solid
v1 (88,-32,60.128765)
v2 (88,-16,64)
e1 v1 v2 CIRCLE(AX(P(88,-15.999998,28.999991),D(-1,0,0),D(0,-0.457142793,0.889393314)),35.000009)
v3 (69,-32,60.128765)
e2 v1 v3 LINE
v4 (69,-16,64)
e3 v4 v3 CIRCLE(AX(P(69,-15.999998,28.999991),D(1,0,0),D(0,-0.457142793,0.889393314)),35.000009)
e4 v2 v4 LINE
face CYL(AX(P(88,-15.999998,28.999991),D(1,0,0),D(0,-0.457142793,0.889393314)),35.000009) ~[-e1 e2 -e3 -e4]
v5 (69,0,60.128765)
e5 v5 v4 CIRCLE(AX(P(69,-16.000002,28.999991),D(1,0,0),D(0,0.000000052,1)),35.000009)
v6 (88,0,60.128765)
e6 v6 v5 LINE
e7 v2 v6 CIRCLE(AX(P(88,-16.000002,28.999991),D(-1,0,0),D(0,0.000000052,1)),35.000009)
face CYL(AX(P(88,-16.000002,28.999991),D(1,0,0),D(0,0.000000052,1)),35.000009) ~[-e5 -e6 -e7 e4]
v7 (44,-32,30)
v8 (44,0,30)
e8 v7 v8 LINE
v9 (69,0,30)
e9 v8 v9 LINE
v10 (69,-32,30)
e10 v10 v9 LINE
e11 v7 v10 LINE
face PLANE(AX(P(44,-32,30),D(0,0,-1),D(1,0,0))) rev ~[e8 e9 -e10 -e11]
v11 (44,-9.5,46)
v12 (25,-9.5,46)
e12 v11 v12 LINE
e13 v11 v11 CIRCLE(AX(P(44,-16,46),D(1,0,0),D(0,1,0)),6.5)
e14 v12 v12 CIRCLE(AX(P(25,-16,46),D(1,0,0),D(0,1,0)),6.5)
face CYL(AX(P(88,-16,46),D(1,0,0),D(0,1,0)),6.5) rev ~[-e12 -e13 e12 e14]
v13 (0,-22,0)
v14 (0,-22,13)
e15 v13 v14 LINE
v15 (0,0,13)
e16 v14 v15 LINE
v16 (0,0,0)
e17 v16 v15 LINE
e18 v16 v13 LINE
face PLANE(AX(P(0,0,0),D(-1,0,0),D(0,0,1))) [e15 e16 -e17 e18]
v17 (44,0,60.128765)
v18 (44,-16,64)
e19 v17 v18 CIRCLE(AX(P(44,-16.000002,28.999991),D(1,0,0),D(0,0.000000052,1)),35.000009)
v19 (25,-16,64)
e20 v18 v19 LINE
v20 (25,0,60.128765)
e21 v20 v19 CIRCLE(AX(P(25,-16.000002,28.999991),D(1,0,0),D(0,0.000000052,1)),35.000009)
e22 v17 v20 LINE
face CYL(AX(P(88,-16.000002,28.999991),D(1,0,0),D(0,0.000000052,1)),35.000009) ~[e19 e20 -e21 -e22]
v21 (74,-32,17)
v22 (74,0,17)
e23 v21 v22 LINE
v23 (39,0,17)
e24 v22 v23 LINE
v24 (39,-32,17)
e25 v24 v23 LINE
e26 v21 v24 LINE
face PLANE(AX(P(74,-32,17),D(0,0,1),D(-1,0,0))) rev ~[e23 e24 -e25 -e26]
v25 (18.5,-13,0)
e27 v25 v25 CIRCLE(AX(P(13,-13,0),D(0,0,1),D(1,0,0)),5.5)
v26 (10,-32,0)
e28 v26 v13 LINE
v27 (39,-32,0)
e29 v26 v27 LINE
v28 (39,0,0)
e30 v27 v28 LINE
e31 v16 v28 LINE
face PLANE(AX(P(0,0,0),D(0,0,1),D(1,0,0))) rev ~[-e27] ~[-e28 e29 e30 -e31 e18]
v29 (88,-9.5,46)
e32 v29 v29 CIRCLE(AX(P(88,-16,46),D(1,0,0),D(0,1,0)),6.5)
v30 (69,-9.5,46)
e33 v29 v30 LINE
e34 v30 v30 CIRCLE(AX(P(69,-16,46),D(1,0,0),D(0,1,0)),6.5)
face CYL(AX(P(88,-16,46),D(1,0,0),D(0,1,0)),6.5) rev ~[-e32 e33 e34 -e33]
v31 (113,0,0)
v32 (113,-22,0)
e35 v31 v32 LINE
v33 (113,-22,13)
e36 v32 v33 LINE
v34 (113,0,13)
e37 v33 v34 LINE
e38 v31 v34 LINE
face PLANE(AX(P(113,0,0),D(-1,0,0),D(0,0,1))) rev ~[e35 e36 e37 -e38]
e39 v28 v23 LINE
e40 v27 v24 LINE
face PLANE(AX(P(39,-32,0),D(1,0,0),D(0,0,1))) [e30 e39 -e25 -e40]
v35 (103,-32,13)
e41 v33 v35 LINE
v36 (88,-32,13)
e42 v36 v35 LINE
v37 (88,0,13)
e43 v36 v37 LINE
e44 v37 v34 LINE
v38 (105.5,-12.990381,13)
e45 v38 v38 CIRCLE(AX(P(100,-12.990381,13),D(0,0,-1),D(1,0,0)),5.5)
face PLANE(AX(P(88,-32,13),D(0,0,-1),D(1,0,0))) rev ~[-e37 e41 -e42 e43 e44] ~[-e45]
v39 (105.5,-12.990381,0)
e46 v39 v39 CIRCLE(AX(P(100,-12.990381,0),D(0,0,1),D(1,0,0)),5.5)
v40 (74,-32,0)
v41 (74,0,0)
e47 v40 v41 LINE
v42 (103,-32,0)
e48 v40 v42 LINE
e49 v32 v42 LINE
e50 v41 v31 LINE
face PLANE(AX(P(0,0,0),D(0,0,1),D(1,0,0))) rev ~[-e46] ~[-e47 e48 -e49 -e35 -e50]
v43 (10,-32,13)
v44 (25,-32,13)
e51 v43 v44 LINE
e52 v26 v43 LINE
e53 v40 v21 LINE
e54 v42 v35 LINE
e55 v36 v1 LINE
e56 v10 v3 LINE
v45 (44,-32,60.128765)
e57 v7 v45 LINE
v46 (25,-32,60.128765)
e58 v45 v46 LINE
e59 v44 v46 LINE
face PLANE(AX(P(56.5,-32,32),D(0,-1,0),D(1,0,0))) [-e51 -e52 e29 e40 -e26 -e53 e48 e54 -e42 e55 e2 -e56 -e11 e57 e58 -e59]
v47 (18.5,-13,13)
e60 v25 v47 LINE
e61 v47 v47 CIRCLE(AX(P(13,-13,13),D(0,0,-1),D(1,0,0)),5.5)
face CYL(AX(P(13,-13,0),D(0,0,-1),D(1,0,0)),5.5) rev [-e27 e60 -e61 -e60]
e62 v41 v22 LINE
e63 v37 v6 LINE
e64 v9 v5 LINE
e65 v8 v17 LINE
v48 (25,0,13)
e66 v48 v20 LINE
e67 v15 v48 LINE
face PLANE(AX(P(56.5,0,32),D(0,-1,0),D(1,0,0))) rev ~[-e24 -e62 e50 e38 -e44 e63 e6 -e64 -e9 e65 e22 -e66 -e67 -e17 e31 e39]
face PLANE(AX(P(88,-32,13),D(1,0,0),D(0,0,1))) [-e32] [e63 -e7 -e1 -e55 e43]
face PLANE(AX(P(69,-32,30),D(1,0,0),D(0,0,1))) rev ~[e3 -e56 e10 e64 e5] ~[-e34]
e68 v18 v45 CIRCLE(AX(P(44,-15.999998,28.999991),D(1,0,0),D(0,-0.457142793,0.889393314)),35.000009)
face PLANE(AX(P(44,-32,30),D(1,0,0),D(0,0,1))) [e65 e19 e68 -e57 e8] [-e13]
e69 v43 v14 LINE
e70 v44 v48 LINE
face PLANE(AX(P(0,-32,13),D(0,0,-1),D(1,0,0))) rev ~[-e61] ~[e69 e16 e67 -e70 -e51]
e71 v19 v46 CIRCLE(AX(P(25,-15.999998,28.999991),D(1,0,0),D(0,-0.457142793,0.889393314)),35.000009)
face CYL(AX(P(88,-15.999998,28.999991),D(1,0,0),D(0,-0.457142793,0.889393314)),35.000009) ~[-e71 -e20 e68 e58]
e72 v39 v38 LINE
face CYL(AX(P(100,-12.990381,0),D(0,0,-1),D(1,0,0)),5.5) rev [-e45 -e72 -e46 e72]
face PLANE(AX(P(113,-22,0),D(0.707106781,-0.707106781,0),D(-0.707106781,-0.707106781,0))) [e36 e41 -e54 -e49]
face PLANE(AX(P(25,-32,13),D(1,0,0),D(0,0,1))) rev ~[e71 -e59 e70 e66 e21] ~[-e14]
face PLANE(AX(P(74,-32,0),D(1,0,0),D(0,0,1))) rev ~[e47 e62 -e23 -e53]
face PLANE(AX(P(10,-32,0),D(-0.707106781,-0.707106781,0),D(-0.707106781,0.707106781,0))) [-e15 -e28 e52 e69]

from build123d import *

# Parameters (mm, degrees)
F0_W     = 113
F0_H     = 64
F1_DEPTH = 32
F2_W     = 17.5
F2_H     = 17
F2_W_2   = 12.5
F2_H_2   = 34
F2_W_3   = 25
F2_H_3   = 51
F3_DEPTH = 32.001
F5_DEPTH = 88.001
F6_R     = 5.5
F7_DEPTH = 64.001
F8_R     = 6.5
F9_DEPTH = 88.001


with BuildPart() as f1:
    # F0 (on Front) → F1 (new body)
    with BuildSketch(Plane.XZ):
        with Locations((56.5, 32)):
            Rectangle(F0_W, F0_H)
    extrude(amount=F1_DEPTH)

    # F2 (on face) → F3 (cut, through all)
    with BuildSketch(Plane.XZ.offset(32)):
        with Locations((47.75, 8.5)):
            Rectangle(F2_W, F2_H)
        with Locations((65.25, 8.5)):
            Rectangle(F2_W, F2_H)
        with Locations((50.25, 47)):
            Rectangle(F2_W_2, F2_H_2)
        with Locations((62.75, 47)):
            Rectangle(F2_W_2, F2_H_2)
        with Locations((12.5, 38.5)):
            Rectangle(F2_W_3, F2_H_3)
        with Locations((100.5, 38.5)):
            Rectangle(F2_W_3, F2_H_3)
    extrude(amount=-F3_DEPTH, mode=Mode.SUBTRACT)

    # F4 (on face) → F5 (cut, through all)
    with BuildSketch(Plane.YZ.offset(88)):
        with BuildLine():
            ThreePointArc((-32, 60.128765), (-24.230833, 63.018427), (-16, 64))
            Line((-16, 64), (-32, 64))
            Line((-32, 64), (-32, 60.128765))
        make_face()
        with BuildLine():
            ThreePointArc((-16, 64), (-7.769167, 63.018427), (0, 60.128765))
            Line((0, 60.128765), (0, 64))
            Line((0, 64), (-16, 64))
        make_face()
    extrude(amount=-F5_DEPTH, mode=Mode.SUBTRACT)

    # F6 (on Top) → F7 (cut, through all)
    with BuildSketch(Plane.XY):
        Polygon((10, -32), (0, -22), (0, -32), align=None)
        Polygon((113, -32), (113, -22), (103, -32), align=None)
        with Locations((13, -13)):
            Circle(F6_R)
        with Locations((100, -12.990381)):
            Circle(F6_R)
    extrude(amount=F7_DEPTH, mode=Mode.SUBTRACT)

    # F8 (on face) → F9 (cut, through all)
    with BuildSketch(Plane.YZ.offset(88)):
        with Locations((-16, 46)):
            Circle(F8_R)
    extrude(amount=-F9_DEPTH, mode=Mode.SUBTRACT)


solid = f1.part
